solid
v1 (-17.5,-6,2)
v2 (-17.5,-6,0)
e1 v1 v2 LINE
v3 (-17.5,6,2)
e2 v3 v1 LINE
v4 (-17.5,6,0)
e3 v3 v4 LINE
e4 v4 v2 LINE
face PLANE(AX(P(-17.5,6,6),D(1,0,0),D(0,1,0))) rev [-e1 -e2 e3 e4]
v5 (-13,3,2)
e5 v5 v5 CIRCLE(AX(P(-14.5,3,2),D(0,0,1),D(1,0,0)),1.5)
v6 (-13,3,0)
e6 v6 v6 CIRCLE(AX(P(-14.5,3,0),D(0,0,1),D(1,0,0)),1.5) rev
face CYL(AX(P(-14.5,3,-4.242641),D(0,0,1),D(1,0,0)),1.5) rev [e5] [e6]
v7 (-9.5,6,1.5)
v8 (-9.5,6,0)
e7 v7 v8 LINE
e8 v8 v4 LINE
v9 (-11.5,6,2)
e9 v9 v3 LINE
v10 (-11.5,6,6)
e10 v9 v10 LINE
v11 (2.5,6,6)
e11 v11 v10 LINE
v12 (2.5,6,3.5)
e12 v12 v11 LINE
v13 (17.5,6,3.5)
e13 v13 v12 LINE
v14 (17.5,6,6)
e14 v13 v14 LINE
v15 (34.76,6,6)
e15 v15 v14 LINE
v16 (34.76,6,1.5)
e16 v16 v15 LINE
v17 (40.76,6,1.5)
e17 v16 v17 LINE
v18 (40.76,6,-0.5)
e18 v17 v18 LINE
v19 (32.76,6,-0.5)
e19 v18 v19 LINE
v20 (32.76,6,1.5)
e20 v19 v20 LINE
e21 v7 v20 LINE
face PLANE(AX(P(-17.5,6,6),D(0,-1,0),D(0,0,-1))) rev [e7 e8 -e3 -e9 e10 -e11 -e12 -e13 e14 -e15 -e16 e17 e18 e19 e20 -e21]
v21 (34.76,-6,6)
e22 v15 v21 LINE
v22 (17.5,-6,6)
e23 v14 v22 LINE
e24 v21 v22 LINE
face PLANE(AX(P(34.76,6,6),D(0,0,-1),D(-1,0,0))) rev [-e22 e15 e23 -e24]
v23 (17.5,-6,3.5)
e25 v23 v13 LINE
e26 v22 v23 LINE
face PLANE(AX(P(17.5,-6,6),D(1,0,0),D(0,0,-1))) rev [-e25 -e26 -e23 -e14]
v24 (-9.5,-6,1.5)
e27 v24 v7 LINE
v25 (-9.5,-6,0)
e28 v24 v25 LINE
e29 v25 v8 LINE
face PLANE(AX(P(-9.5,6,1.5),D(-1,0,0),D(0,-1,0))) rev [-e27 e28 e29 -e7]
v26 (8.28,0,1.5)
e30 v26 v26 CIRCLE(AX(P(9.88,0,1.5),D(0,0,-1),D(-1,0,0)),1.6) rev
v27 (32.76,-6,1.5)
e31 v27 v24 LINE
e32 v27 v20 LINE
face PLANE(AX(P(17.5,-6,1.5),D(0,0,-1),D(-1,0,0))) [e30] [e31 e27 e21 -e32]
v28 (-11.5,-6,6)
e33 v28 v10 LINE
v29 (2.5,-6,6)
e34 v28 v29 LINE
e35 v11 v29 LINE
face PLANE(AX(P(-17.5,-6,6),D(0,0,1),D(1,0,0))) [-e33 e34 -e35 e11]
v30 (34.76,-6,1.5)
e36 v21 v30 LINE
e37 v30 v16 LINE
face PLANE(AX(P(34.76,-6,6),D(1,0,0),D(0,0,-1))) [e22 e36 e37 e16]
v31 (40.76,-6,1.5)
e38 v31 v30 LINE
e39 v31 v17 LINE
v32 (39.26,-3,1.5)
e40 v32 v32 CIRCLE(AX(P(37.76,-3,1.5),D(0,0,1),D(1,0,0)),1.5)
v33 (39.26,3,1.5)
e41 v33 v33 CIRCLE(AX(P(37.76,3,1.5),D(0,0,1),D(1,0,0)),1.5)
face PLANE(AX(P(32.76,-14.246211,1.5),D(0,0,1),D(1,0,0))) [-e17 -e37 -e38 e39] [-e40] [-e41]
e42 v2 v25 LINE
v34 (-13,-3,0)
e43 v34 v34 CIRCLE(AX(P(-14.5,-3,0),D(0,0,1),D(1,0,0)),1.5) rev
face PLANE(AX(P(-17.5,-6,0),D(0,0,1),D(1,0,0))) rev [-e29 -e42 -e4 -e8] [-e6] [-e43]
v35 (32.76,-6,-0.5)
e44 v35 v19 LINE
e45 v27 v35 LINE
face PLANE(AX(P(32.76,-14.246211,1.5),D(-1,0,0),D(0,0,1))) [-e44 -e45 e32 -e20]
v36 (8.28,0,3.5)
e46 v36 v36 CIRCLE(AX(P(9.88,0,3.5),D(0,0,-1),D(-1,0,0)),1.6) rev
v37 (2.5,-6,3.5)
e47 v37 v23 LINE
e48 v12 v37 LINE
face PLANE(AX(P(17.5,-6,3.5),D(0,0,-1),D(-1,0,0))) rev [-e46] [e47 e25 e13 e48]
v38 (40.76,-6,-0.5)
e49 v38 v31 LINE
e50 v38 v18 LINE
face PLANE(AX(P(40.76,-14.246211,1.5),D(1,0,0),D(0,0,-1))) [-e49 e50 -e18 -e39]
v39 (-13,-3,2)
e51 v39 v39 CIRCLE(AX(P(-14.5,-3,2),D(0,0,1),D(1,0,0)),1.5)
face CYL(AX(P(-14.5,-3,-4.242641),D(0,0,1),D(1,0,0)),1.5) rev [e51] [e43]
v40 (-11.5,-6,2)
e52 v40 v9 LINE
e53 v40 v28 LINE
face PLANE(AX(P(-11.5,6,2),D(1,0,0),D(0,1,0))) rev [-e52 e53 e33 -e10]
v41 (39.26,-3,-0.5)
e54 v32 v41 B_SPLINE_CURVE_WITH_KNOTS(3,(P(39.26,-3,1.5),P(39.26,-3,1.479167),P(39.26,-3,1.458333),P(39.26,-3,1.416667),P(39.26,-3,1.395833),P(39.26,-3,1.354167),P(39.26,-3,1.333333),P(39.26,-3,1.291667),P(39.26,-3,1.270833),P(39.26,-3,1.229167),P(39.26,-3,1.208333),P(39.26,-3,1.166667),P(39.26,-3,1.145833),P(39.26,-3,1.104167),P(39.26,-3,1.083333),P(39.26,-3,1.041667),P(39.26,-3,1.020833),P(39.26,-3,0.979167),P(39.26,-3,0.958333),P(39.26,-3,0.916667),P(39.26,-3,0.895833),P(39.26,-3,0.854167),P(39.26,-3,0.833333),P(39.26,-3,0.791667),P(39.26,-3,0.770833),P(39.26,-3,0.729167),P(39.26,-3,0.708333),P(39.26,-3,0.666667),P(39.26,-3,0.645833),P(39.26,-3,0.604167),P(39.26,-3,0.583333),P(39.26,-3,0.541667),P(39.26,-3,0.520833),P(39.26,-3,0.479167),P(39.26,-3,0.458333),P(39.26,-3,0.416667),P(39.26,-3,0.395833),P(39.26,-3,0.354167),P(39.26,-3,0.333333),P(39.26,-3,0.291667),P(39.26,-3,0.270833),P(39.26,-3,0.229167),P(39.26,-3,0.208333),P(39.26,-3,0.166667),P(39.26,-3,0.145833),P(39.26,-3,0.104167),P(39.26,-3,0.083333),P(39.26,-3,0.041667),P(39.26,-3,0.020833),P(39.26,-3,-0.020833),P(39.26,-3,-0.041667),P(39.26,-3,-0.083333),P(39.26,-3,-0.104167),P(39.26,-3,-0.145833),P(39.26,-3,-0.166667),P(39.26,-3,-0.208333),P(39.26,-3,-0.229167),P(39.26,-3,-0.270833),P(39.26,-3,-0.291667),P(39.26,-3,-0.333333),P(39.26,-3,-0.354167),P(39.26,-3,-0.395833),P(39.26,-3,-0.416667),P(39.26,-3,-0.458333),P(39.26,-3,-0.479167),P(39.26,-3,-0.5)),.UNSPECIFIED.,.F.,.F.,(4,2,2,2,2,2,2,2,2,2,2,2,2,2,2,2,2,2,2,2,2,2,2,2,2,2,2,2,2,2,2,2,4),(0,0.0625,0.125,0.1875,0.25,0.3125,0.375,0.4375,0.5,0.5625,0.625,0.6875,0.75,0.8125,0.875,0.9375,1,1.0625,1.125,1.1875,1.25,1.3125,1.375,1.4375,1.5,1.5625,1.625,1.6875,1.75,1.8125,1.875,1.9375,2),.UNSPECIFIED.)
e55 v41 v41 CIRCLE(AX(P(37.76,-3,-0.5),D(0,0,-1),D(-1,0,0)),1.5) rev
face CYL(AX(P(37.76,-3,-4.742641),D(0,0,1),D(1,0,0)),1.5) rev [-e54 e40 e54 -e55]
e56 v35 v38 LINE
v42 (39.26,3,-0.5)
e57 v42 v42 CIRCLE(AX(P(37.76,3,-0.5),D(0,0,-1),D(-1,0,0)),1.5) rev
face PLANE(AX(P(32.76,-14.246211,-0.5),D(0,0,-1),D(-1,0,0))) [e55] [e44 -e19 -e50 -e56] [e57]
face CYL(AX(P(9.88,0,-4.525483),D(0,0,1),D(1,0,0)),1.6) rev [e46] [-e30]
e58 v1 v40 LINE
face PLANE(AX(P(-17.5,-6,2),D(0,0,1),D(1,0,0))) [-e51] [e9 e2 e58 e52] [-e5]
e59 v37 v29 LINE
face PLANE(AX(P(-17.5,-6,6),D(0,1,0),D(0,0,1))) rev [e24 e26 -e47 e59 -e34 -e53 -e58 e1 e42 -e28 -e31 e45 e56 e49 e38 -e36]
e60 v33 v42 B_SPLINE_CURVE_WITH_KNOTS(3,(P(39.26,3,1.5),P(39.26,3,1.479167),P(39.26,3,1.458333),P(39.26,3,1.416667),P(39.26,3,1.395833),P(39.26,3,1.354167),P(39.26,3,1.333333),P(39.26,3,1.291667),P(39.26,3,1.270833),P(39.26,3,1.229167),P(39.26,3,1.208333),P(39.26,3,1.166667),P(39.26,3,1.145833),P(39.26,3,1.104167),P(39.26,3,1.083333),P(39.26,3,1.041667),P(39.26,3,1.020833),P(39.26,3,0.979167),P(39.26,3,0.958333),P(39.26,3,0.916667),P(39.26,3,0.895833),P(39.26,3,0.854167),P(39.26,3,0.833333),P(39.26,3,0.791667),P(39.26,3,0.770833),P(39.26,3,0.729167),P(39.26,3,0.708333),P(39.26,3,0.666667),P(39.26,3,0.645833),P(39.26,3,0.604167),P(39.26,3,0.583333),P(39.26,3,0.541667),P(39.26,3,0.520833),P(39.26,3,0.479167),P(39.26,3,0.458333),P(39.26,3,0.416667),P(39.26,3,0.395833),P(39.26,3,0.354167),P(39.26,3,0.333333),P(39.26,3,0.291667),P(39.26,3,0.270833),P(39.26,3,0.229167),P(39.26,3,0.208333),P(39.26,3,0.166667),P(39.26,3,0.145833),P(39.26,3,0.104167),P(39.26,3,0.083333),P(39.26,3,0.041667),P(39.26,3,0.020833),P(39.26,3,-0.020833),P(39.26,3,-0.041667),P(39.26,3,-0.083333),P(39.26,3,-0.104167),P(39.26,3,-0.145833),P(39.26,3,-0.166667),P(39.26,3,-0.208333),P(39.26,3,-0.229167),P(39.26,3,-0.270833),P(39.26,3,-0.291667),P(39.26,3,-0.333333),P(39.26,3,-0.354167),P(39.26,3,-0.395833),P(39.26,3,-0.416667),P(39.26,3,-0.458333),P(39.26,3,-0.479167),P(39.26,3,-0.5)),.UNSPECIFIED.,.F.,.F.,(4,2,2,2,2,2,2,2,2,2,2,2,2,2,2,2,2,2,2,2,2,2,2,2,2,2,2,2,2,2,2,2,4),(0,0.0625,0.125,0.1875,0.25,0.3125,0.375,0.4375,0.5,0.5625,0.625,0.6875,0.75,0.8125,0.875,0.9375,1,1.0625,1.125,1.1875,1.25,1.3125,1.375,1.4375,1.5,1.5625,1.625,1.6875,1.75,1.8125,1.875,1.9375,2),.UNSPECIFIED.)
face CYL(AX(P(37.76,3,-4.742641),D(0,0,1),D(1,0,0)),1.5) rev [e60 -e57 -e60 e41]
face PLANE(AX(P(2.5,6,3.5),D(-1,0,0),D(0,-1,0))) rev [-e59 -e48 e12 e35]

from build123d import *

# Parameters (mm, degrees)
SKETCH1_W       = 35
SKETCH1_H       = 12
EXTRUDE1_DEPTH  = 6
SKETCH2_W       = 6
SKETCH2_H       = 12
EXTRUDE2_DEPTH  = 4
SKETCH3_R       = 1.5
EXTRUDE3_DEPTH  = 2
SKETCH4_R       = 1.6
EXTRUDE4_DEPTH  = 6
SKETCH7_W       = 15
SKETCH7_H       = 12
EXTRUDE6_DEPTH  = 2.5
SKETCH8_W       = 27
SKETCH8_H       = 12
EXTRUDE7_DEPTH  = 1.5
SKETCH9_W       = 4.5
SKETCH9_H       = 12
EXTRUDE8_DEPTH  = 17.26
SKETCH10_W      = 8
SKETCH10_H      = 2
EXTRUDE9_DEPTH  = 12
SKETCH12_R      = 1.5
EXTRUDE10_DEPTH = 2


with BuildPart() as part:
    # Sketch1 → Extrude1 (new body)
    with BuildSketch(Plane.XY):
        Rectangle(SKETCH1_W, SKETCH1_H)
    extrude(amount=EXTRUDE1_DEPTH)

    # Sketch2 → Extrude2 (cut)
    with BuildSketch(Plane.XY.offset(6)):
        with Locations((-14.5, 0)):
            Rectangle(SKETCH2_W, SKETCH2_H)
    extrude(amount=-EXTRUDE2_DEPTH, mode=Mode.SUBTRACT)

    # Sketch3 → Extrude3 (cut)
    with BuildSketch(Plane.XY.offset(2)):
        with Locations((-14.5, 3)):
            Circle(SKETCH3_R)
        with Locations((-14.5, -3)):
            Circle(SKETCH3_R)
    extrude(amount=-EXTRUDE3_DEPTH, mode=Mode.SUBTRACT)

    # Sketch4 → Extrude4 (cut)
    with BuildSketch(Plane.XY.offset(6)):
        with Locations((9.88, 0)):
            Circle(SKETCH4_R)
    extrude(amount=-EXTRUDE4_DEPTH, mode=Mode.SUBTRACT)

    # Sketch7 → Extrude6 (cut)
    with BuildSketch(Plane.XY.offset(6)):
        with Locations((10, 0)):
            Rectangle(SKETCH7_W, SKETCH7_H)
    extrude(amount=-EXTRUDE6_DEPTH, mode=Mode.SUBTRACT)

    # Sketch8 → Extrude7 (cut)
    with BuildSketch(Plane(origin=(0, 0, 0), x_dir=(-1, 0, 0), z_dir=(0, 0, -1))):
        with Locations((-4, 0)):
            Rectangle(SKETCH8_W, SKETCH8_H)
    extrude(amount=-EXTRUDE7_DEPTH, mode=Mode.SUBTRACT)

    # Sketch9 → Extrude8 (add)
    with BuildSketch(Plane(origin=(17.5, 0, 0), x_dir=(0, 0, -1), z_dir=(1, 0, 0))):
        with Locations((-3.75, 0)):
            Rectangle(SKETCH9_W, SKETCH9_H)
    extrude(amount=EXTRUDE8_DEPTH)

    # Sketch10 → Extrude9 (add)
    with BuildSketch(Plane(origin=(0, 6, 0), x_dir=(1, 0, 0), z_dir=(0, 1, 0))):
        with Locations((36.76, -0.5)):
            Rectangle(SKETCH10_W, SKETCH10_H)
    extrude(amount=-EXTRUDE9_DEPTH)

    # Sketch12 → Extrude10 (cut)
    with BuildSketch(Plane.XY.offset(1.5)):
        with Locations((37.76, 3)):
            Circle(SKETCH12_R)
        with Locations((37.76, -3)):
            Circle(SKETCH12_R)
    extrude(amount=-EXTRUDE10_DEPTH, mode=Mode.SUBTRACT)


solid = part.part
